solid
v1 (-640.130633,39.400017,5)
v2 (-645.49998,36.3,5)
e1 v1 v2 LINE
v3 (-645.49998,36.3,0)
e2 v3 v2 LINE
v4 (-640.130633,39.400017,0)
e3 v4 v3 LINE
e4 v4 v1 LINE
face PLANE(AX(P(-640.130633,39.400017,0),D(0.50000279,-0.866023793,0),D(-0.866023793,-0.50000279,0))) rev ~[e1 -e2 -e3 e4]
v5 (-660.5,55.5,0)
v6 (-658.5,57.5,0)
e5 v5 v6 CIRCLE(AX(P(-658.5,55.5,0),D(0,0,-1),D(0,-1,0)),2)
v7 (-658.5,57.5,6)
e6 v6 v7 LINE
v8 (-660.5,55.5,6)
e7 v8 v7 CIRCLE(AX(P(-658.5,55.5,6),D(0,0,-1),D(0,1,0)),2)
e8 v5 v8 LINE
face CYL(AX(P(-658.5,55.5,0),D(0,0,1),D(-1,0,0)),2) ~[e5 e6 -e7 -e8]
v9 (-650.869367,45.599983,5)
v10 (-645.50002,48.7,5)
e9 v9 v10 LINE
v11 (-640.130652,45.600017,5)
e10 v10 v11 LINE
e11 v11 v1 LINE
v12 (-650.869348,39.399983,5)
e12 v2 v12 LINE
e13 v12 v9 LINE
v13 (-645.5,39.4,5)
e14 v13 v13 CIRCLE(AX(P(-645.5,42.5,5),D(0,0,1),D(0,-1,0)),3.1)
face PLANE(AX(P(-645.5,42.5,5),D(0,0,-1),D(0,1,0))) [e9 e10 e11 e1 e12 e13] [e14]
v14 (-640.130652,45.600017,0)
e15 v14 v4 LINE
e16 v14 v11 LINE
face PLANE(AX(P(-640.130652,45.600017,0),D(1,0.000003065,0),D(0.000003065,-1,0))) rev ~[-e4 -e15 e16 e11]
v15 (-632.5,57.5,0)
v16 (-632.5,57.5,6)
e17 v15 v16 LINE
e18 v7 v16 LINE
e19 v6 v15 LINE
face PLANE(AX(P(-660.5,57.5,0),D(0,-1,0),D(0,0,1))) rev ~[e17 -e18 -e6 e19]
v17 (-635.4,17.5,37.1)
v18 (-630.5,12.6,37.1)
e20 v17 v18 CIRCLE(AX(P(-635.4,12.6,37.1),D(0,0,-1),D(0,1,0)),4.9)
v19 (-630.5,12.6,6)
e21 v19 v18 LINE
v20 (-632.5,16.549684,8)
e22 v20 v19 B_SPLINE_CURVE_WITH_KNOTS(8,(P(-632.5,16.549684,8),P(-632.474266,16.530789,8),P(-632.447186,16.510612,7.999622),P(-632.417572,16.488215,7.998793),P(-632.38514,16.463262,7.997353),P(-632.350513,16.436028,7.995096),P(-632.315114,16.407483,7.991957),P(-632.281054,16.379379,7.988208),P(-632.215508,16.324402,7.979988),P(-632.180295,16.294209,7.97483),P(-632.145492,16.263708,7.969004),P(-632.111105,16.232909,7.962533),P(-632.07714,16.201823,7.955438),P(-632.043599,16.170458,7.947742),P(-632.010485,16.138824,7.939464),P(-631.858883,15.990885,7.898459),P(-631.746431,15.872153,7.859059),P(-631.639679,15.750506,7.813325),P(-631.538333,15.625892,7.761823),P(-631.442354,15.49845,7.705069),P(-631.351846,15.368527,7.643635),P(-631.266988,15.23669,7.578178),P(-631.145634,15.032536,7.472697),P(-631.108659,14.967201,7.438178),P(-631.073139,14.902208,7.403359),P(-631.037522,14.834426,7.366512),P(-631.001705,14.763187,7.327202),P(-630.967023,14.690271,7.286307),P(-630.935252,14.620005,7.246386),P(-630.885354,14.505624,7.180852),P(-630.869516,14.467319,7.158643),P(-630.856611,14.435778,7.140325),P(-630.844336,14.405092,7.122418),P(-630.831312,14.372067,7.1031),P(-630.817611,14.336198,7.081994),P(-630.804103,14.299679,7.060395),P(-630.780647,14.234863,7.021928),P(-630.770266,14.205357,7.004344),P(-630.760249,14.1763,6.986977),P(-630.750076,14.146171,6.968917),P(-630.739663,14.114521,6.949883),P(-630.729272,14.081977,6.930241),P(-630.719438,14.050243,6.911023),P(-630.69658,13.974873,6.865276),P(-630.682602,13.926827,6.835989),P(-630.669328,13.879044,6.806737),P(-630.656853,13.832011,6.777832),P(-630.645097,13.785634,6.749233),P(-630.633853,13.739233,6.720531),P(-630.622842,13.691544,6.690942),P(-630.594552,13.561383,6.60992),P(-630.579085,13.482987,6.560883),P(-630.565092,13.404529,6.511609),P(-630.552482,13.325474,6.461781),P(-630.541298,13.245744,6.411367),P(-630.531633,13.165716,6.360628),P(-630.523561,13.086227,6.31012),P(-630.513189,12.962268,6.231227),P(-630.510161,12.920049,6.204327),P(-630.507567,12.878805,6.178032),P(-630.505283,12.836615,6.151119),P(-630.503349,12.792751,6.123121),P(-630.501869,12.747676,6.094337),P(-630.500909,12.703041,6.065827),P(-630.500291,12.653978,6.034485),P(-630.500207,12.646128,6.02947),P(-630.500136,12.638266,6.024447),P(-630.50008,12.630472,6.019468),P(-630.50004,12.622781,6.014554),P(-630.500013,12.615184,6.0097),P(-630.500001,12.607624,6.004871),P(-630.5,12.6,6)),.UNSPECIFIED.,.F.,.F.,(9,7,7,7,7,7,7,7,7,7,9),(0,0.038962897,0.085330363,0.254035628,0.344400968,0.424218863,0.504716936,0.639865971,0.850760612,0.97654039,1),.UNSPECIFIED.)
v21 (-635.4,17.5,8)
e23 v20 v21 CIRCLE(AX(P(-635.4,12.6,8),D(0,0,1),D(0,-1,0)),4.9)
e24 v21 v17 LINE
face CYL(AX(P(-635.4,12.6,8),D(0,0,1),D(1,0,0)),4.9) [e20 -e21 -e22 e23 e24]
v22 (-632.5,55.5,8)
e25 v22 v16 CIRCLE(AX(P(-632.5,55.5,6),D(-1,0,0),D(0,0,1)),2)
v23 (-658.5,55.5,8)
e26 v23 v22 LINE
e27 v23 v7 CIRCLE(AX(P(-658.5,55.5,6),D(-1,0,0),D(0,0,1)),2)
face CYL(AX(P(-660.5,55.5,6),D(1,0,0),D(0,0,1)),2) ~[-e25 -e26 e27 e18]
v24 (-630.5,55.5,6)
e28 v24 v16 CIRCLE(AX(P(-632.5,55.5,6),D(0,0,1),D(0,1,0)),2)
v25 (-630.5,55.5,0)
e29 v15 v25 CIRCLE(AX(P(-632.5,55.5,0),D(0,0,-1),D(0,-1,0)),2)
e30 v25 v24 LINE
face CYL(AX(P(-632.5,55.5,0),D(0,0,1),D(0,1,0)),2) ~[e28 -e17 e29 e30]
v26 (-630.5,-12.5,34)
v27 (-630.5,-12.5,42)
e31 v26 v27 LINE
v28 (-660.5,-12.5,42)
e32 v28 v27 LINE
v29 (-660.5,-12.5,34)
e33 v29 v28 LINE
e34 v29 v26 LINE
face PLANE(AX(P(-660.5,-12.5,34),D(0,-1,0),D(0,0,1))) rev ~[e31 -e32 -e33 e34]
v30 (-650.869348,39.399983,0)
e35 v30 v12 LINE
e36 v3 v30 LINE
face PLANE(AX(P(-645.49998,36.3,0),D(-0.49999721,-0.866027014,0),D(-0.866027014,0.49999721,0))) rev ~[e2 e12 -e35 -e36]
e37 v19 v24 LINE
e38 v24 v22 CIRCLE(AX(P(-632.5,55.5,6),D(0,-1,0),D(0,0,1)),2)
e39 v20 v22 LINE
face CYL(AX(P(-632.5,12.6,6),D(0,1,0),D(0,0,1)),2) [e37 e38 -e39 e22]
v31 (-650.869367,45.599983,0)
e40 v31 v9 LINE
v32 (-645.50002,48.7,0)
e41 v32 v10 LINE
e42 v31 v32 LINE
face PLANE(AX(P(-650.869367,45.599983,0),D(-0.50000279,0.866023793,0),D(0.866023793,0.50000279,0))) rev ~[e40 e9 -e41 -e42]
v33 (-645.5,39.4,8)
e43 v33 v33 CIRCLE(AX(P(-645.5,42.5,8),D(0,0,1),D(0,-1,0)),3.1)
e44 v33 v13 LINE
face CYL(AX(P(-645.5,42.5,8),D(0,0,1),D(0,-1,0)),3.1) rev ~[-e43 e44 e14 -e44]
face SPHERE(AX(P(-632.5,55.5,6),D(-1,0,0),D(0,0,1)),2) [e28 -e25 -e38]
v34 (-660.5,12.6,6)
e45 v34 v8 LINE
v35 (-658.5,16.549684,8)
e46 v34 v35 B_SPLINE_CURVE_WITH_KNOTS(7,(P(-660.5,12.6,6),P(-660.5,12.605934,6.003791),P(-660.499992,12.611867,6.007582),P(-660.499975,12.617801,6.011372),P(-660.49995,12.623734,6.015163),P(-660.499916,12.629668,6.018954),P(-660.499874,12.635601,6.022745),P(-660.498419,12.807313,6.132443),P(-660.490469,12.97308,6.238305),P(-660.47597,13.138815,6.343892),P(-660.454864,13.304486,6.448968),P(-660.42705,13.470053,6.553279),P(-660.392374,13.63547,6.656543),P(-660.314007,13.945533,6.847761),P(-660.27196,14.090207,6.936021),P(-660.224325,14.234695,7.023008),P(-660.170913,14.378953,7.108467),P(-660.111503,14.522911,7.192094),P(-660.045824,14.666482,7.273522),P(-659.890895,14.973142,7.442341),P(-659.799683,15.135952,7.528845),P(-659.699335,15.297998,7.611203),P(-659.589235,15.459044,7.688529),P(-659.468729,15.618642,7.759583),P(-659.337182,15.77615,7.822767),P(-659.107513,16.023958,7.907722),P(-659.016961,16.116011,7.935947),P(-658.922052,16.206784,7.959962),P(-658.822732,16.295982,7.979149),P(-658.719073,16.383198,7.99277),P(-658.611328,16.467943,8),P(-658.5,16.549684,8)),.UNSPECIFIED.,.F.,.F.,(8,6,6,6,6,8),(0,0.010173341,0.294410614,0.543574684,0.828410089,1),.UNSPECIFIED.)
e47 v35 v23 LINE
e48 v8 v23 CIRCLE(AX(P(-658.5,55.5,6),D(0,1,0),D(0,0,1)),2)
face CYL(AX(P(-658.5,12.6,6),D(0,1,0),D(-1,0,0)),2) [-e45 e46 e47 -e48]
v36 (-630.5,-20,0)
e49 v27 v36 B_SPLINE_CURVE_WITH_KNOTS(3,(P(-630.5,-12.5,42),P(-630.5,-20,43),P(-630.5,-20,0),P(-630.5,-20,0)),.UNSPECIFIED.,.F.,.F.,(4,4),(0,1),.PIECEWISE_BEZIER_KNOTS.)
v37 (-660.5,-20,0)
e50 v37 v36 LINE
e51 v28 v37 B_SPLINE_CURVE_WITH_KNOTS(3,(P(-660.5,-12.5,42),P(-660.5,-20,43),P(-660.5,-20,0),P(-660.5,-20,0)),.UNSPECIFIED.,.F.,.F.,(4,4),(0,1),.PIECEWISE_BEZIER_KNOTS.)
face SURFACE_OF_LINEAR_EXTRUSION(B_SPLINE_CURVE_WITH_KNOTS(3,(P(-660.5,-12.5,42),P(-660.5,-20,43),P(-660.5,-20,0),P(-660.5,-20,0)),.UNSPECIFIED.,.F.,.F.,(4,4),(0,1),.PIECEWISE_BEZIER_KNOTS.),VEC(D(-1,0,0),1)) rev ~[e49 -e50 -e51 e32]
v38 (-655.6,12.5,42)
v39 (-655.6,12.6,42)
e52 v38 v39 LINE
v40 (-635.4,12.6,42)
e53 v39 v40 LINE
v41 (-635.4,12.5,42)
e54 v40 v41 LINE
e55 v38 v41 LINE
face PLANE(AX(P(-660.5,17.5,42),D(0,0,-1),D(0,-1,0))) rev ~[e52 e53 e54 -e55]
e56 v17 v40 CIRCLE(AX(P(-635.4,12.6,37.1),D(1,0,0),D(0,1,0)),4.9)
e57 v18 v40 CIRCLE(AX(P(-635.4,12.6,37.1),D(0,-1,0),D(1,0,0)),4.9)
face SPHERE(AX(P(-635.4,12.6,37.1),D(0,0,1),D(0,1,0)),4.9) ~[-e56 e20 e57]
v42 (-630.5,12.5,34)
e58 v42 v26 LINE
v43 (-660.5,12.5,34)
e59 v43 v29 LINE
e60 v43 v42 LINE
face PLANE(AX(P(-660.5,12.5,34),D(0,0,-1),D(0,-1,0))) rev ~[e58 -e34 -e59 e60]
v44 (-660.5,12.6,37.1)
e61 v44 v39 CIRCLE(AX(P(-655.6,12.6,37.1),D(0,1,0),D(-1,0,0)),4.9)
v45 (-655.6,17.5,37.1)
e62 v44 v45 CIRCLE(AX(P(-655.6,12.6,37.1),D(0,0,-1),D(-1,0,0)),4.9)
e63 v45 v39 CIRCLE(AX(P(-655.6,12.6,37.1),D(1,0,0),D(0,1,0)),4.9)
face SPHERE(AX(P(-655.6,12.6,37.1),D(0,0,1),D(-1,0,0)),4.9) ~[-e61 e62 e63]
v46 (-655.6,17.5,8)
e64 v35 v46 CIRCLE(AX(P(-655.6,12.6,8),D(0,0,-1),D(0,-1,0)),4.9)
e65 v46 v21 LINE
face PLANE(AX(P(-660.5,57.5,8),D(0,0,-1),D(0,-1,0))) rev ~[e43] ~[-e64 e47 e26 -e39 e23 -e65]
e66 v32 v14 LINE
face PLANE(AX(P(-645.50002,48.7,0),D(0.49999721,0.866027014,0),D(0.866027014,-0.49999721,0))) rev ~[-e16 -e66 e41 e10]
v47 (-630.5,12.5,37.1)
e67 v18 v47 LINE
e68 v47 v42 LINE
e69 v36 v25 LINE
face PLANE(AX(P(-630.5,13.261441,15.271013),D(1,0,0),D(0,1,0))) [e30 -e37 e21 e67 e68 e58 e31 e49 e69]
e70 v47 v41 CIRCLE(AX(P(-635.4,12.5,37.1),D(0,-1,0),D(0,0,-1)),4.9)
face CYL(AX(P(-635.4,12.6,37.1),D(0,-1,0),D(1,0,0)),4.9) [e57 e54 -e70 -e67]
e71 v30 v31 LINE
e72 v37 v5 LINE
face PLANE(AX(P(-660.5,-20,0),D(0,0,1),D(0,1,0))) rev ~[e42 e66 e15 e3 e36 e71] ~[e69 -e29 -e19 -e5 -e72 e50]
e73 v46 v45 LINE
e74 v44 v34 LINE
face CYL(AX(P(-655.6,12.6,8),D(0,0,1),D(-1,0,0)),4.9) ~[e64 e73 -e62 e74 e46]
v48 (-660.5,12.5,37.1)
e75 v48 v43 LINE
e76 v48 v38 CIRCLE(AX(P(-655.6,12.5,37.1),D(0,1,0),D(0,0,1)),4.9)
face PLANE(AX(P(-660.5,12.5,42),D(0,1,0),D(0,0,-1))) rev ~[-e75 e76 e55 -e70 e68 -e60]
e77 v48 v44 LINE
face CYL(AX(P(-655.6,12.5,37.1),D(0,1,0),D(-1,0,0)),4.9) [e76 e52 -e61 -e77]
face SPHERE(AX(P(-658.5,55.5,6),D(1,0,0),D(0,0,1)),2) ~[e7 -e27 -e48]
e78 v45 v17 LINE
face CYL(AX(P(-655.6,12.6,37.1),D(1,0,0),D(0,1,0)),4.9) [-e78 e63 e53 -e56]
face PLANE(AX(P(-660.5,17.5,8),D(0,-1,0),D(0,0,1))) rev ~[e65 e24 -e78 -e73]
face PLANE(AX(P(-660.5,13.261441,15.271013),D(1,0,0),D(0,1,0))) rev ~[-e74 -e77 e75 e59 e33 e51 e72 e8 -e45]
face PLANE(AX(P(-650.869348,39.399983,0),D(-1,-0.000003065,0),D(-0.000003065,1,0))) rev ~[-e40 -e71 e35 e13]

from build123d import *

# Parameters (mm, degrees)
PAD002_DEPTH    = 30
SKETCH009_R     = 3.1
POCKET004_DEPTH = 8.001
POCKET005_DEPTH = 5
FILLET005_R     = 4.9
FILLET006_R     = 4.9
FILLET007_R     = 2


with BuildPart() as part:
    # Sketch008 → Pad002 (new body)
    with BuildSketch(Plane.YZ):
        with BuildLine():
            add(Edge.make_bspline(
                [(-12.5, 42), (-20, 43), (-20, 0), (-20, 0)],
                knots=[0, 0, 0, 0, 1, 1, 1, 1], degree=3))
            Line((-20, 0), (57.5, 0))
            Line((57.5, 0), (57.5, 8))
            Line((57.5, 8), (17.5, 8))
            Line((17.5, 8), (17.5, 42))
            Line((17.5, 42), (12.5, 42))
            Line((12.5, 42), (12.5, 34))
            Line((12.5, 34), (-12.5, 34))
            Line((-12.5, 34), (-12.5, 42))
        make_face()
    extrude(amount=PAD002_DEPTH)

    # Sketch009 (on Face4 of Pad002) → Pocket004 (cut, through all)
    with BuildSketch(Plane(origin=(0, 0, 8), x_dir=(0, -1, 0), z_dir=(0, 0, 1))):
        with Locations((-42.5, 15)):
            Circle(SKETCH009_R)
    extrude(amount=-POCKET004_DEPTH, mode=Mode.SUBTRACT)

    # Sketch010 (on Face3 of Pocket004) → Pocket005 (cut)
    with BuildSketch(Plane.YX):
        Polygon((48.7, 14.99998), (45.600017, 20.369348), (39.400017, 20.369367), (36.3, 15.00002), (39.399983, 9.630652), (45.599983, 9.630633), align=None)
    extrude(amount=-POCKET005_DEPTH, mode=Mode.SUBTRACT)

    # Fillet005
    fillet005_edges = [part.edges().sort_by_distance(p)[0] for p in [
        (30, 17.5, 25),
        (0, 17.5, 25),
    ]]
    fillet(fillet005_edges, radius=FILLET005_R)

    # Fillet006
    fillet006_edges = [part.edges().sort_by_distance(p)[0] for p in [
        (15, 17.5, 42),
    ]]
    fillet(fillet006_edges, radius=FILLET006_R)

    # Fillet007
    fillet007_edges = [part.edges().sort_by_distance(p)[0] for p in [
        (15, 57.5, 8),
        (0, 37.5, 8),
        (30, 37.5, 8),
        (30, 57.5, 4),
        (0, 57.5, 4),
    ]]
    fillet(fillet007_edges, radius=FILLET007_R)


with BuildPart() as part_1:
    # Body005 placement: moved
    add(part.part.moved(Location((-660.5, 0, 0))))


solid = part_1.part
